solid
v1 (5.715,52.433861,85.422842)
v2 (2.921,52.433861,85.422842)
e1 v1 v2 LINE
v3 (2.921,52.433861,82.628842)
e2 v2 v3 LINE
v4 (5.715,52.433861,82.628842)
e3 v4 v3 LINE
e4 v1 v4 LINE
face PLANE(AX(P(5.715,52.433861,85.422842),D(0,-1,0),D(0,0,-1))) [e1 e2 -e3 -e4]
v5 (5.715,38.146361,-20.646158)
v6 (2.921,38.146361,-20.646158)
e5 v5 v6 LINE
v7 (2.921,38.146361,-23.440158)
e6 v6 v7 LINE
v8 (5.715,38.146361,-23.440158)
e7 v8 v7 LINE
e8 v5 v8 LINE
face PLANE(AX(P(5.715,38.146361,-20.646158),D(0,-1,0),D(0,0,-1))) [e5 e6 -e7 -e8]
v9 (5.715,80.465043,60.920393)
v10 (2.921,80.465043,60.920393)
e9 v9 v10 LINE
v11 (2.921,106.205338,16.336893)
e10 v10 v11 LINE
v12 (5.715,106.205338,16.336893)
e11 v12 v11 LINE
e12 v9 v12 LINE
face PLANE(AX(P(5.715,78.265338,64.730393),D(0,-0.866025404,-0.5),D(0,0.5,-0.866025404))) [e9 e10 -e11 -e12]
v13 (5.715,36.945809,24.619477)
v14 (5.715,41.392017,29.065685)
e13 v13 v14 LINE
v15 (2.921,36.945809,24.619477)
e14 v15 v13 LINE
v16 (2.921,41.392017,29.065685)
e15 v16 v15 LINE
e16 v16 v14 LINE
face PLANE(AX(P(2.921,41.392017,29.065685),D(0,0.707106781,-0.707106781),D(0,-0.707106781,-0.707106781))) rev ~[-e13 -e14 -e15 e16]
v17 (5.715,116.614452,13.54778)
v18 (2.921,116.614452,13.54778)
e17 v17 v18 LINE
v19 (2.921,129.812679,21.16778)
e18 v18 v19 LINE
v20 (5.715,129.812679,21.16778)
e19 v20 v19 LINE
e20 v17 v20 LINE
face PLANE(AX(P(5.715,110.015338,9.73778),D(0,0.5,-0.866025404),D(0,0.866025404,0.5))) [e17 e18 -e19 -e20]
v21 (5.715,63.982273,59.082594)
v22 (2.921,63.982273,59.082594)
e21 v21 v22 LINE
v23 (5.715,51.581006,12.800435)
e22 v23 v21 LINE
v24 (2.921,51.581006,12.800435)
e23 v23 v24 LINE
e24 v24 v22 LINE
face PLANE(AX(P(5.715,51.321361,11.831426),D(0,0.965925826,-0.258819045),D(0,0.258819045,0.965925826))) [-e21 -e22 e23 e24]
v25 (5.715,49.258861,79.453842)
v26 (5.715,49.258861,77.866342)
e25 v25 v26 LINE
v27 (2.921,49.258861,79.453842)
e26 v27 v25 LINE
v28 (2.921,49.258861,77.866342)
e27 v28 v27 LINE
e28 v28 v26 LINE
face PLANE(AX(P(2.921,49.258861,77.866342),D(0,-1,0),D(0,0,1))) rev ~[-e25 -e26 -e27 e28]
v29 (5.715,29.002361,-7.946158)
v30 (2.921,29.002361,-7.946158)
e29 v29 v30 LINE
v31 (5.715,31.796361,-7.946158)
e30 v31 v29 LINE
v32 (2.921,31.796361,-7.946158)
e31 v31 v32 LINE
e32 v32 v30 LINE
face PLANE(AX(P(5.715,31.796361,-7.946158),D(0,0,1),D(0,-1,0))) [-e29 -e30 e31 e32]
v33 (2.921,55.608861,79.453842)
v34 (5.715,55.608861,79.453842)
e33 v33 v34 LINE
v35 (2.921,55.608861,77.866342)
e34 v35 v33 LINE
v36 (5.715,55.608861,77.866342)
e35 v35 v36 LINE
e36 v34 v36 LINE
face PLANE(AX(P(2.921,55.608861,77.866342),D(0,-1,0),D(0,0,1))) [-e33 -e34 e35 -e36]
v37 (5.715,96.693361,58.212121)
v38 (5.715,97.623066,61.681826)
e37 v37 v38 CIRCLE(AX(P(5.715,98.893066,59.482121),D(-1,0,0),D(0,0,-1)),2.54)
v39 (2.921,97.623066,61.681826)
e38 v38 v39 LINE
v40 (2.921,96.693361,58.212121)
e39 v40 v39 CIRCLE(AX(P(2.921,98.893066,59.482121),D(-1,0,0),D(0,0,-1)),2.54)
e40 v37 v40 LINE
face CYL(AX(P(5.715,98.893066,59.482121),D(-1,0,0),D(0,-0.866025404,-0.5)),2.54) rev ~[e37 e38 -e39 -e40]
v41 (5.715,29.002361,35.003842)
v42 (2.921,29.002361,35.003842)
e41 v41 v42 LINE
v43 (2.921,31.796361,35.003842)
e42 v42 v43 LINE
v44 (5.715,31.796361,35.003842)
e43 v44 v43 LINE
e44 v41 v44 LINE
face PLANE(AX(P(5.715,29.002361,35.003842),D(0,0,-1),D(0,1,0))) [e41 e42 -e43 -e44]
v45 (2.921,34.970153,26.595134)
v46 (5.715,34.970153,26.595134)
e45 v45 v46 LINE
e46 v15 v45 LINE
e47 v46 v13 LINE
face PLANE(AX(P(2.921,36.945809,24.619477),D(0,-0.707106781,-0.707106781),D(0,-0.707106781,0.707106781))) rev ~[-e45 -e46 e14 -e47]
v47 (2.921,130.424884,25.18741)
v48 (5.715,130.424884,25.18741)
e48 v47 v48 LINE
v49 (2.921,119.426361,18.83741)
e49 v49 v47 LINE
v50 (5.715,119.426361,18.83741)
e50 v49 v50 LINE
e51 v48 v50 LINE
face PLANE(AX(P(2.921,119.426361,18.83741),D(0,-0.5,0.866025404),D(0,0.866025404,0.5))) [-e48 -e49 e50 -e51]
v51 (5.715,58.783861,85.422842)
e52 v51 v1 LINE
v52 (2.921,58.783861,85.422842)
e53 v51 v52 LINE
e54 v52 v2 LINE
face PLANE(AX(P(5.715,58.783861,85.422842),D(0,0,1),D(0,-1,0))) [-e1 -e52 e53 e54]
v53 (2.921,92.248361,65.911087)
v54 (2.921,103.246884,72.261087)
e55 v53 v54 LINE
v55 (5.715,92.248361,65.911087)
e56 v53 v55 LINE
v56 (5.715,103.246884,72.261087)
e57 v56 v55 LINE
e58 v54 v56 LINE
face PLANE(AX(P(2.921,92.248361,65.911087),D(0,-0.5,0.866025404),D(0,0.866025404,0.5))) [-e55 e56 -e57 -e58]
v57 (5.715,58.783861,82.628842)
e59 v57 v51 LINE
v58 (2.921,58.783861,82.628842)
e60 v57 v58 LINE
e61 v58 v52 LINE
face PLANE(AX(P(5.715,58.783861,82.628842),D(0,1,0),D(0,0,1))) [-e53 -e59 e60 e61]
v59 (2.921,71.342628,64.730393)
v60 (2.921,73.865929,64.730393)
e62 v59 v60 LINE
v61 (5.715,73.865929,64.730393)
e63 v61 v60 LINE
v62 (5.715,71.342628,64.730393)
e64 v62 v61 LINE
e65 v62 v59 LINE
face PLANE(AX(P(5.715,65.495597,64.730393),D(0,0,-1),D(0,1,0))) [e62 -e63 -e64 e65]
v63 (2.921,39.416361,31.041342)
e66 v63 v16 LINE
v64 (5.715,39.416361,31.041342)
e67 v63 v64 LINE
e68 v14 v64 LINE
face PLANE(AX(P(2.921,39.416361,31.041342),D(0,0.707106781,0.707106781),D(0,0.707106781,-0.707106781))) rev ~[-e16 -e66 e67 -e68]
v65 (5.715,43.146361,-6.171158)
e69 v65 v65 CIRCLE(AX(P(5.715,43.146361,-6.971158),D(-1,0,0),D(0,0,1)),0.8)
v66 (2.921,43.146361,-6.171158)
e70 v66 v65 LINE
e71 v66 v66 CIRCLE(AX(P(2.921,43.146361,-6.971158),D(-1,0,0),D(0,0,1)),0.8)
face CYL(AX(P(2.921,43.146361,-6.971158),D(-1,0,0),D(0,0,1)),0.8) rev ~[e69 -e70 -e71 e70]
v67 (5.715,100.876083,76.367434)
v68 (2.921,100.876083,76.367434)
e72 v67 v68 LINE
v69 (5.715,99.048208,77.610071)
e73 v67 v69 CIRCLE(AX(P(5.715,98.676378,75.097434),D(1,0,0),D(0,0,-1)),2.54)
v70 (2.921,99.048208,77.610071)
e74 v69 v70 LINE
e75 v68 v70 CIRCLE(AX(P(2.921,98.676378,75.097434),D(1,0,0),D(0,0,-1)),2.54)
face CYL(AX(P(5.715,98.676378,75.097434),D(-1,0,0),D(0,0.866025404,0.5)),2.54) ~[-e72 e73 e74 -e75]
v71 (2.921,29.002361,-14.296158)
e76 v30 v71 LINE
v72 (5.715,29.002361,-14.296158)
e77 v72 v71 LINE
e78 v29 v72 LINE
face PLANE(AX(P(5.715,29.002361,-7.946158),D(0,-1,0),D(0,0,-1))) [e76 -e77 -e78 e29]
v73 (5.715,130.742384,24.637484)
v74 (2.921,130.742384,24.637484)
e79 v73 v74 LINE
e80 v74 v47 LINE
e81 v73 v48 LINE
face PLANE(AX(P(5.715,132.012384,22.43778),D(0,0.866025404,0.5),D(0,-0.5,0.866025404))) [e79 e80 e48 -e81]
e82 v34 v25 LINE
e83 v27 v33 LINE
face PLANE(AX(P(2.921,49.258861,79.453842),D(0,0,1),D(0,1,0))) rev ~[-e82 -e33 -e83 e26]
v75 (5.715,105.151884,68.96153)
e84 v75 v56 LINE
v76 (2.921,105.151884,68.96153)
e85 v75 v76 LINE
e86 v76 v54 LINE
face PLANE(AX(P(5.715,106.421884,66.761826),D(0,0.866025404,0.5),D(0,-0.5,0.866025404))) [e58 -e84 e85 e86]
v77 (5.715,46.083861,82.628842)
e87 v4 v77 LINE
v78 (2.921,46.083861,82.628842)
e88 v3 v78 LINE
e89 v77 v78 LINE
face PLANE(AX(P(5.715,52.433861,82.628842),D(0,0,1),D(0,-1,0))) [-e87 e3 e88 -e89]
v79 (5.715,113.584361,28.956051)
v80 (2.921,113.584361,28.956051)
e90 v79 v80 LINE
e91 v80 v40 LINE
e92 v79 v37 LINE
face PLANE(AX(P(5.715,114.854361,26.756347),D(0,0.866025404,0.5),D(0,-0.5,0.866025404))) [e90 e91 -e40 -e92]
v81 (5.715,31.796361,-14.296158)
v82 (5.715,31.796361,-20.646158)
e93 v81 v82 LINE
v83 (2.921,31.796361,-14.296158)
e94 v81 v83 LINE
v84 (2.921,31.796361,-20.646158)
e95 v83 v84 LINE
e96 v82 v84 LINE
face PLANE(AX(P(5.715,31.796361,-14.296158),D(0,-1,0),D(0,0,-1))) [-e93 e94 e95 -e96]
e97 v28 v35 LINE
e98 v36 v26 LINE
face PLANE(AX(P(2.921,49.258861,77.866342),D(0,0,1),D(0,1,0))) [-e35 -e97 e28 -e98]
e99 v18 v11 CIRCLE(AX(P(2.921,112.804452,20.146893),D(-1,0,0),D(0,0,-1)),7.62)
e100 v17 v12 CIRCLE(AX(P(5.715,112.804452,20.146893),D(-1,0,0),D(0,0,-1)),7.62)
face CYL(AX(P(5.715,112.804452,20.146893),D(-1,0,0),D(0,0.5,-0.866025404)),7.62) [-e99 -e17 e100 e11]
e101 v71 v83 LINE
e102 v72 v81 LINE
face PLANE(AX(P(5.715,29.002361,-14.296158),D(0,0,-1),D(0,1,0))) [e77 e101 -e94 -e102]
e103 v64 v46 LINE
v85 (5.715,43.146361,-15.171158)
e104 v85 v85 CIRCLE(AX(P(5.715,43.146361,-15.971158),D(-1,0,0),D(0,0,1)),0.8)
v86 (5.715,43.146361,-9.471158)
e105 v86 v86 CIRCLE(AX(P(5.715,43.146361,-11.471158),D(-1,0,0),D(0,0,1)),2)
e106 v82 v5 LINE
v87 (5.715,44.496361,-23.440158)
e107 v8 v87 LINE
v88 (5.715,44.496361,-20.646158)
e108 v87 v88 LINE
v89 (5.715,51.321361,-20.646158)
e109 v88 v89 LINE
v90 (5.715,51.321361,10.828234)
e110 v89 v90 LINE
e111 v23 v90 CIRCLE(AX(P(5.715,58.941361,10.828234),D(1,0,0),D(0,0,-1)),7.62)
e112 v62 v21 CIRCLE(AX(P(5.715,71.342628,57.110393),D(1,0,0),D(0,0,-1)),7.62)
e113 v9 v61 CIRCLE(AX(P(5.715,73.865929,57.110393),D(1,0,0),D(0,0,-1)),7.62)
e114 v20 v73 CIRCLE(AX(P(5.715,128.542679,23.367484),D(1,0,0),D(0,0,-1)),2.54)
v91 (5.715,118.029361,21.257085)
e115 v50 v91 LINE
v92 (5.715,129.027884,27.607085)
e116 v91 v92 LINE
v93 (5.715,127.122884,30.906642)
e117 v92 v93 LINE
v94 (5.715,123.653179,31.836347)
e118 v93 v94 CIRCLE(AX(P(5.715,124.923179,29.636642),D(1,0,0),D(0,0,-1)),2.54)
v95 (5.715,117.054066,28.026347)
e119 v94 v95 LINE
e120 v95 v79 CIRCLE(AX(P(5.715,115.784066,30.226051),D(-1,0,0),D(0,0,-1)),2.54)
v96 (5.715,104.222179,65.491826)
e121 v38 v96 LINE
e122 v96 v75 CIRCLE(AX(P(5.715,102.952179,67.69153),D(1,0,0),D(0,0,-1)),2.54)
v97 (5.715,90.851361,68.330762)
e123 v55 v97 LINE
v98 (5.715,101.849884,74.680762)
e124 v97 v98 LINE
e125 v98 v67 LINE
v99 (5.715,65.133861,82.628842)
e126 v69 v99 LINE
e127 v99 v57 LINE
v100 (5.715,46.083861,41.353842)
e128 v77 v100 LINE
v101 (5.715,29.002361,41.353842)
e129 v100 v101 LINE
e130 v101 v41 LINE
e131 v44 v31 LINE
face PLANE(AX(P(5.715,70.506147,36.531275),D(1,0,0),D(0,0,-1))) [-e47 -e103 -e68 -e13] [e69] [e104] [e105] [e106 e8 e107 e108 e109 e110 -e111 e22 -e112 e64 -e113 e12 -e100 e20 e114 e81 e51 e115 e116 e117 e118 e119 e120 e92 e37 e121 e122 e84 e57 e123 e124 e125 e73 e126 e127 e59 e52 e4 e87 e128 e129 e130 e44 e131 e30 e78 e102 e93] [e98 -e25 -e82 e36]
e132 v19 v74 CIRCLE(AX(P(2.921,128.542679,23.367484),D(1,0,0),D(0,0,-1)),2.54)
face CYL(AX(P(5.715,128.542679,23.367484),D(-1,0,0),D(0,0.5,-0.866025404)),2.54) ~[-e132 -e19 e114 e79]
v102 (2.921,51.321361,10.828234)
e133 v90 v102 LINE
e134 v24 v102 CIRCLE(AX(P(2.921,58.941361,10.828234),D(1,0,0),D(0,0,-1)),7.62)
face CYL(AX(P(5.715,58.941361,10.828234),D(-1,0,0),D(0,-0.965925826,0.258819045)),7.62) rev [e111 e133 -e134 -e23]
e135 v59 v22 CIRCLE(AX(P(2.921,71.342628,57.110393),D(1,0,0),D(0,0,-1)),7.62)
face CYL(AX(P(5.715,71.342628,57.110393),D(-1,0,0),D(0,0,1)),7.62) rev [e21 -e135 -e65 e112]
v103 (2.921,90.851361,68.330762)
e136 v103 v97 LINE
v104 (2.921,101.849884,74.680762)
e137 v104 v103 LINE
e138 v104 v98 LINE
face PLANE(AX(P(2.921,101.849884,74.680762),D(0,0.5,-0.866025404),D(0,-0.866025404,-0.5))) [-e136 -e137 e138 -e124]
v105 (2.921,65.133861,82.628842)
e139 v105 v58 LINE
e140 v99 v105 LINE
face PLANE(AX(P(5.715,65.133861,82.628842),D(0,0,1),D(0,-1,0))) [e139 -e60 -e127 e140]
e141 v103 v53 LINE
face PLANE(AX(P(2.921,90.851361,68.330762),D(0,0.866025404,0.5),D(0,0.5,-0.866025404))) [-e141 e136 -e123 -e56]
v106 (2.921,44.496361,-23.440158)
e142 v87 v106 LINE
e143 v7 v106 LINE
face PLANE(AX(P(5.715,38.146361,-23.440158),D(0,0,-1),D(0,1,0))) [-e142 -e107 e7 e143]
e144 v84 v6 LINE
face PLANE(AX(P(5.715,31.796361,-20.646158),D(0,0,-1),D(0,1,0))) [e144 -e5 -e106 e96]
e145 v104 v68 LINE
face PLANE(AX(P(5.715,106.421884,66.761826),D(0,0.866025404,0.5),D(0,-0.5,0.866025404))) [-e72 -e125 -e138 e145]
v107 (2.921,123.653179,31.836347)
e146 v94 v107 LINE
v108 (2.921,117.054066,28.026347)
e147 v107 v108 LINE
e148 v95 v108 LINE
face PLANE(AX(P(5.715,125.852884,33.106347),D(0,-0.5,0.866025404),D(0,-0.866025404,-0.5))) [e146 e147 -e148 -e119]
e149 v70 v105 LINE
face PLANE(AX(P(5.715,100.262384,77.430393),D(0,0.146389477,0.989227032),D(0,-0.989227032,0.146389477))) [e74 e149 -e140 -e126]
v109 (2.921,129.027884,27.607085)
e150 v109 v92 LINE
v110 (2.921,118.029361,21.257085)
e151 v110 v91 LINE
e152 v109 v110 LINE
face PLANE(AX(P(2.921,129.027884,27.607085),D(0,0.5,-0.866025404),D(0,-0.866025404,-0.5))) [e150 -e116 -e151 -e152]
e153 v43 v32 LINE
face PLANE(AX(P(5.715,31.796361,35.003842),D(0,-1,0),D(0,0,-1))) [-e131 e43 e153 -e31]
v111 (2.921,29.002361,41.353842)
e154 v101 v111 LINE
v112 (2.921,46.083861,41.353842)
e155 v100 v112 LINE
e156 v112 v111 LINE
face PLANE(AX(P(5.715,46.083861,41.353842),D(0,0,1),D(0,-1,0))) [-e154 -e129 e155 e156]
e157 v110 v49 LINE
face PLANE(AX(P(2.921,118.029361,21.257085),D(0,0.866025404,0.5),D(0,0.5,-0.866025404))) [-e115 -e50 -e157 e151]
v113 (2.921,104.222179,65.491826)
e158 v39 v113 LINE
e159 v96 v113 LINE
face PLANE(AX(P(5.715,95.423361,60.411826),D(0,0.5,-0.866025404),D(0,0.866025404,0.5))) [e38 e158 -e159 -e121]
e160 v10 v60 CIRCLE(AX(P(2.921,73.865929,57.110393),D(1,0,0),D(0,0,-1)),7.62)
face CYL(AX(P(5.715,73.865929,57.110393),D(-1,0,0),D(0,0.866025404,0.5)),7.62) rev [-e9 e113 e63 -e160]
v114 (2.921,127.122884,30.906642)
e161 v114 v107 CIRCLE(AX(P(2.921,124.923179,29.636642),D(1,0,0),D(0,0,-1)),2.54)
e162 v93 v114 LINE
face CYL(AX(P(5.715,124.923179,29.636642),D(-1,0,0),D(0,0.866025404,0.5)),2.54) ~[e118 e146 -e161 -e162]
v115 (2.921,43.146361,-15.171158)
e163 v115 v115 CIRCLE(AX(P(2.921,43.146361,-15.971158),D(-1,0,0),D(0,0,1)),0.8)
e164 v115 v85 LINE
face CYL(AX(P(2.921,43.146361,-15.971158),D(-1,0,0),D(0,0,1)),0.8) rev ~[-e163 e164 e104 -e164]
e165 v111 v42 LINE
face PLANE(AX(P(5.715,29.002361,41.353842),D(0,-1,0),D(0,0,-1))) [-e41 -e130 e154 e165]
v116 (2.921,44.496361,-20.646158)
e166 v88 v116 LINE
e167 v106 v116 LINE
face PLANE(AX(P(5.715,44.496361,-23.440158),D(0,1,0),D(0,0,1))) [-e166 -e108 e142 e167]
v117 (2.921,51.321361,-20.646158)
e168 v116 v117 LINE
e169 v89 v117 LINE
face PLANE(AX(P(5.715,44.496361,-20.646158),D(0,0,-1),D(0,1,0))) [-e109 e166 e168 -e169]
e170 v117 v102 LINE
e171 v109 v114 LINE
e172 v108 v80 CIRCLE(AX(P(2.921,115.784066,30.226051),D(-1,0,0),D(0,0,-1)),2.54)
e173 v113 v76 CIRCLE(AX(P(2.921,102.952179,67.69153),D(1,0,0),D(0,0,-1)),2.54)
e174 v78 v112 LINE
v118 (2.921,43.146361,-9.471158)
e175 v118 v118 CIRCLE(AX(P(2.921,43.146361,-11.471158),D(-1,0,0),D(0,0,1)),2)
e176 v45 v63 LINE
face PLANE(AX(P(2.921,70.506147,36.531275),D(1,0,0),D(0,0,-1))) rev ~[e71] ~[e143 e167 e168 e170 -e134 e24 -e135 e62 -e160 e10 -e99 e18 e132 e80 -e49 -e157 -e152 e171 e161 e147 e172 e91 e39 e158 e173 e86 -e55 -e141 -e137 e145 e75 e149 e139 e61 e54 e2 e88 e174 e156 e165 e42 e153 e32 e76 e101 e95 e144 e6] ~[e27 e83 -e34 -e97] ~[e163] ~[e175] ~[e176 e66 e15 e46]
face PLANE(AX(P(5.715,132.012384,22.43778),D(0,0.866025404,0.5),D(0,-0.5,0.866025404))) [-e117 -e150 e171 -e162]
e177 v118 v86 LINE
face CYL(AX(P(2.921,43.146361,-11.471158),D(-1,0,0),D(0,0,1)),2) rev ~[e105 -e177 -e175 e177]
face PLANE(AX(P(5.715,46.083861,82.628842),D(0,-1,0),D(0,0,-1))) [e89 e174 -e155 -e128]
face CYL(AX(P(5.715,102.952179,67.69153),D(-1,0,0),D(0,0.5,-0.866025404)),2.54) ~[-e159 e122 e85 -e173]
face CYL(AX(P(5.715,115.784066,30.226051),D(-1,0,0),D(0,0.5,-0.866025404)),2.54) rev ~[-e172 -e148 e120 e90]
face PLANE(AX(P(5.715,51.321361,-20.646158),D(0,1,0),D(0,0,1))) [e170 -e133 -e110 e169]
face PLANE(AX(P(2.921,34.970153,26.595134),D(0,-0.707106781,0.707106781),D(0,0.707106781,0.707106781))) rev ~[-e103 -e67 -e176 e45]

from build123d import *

# Parameters (mm, degrees)
BOSS_EXTRUDE1_DEPTH = 2.794
SKETCH2_W           = 1.5875
SKETCH2_H           = 6.35
CUT_EXTRUDE1_DEPTH  = 158.264546986
FILLET2_R           = 2.54
FILLET3_R           = 7.62
SKETCH4_R           = 2
SKETCH4_R_2         = 0.8
CUT_EXTRUDE2_DEPTH  = 157.484941985
CUT_EXTRUDE3_DEPTH  = 157.484941985
CUT_EXTRUDE4_DEPTH  = 157.484941985


with BuildPart() as part:
    # Sketch1 → Boss-Extrude1 (new body)
    with BuildSketch(Plane.ZY.offset(-5.715)):
        Polygon((-20.646158347, 31.796360983), (-20.646158347, 38.146360983), (-23.440158347, 38.146360983), (-23.440158347, 44.496360983), (-20.646158347, 44.496360983), (-20.646158347, 51.321360983), (11.831425782, 51.321360983), (64.730392893, 65.495596501), (64.730392893, 78.265338355), (9.737779753, 110.015338355), (22.437779753, 132.012383611), (33.106346702, 125.852883611), (26.756346702, 114.854360983), (60.411825944, 95.423360983), (66.761825944, 106.421883611), (77.430392893, 100.262383611), (82.628841653, 65.133860983), (82.628841653, 58.783860983), (85.422841653, 58.783860983), (85.422841653, 52.433860983), (82.628841653, 52.433860983), (82.628841653, 46.083860983), (41.353841653, 46.083860983), (41.353841653, 29.002360983), (35.003841653, 29.002360983), (35.003841653, 31.796360983), (-7.946158347, 31.796360983), (-7.946158347, 29.002360983), (-14.296158347, 29.002360983), (-14.296158347, 31.796360983), align=None)
    extrude(amount=BOSS_EXTRUDE1_DEPTH)

    # Sketch2 → Cut-Extrude1 (cut, through all)
    with BuildSketch(Plane.ZY.offset(-2.921)):
        with Locations((78.660091653, 52.433860983)):
            Rectangle(SKETCH2_W, SKETCH2_H)
    extrude(amount=-CUT_EXTRUDE1_DEPTH, mode=Mode.SUBTRACT)

    # Fillet2
    fillet2_edges = [part.edges().sort_by_distance(p)[0] for p in [
        (4.318, 132.012383611, 22.437779753),
        (4.318, 125.852883611, 33.106346702),
        (4.318, 114.854360983, 26.756346702),
        (4.318, 95.423360983, 60.411825944),
        (4.318, 106.421883611, 66.761825944),
        (4.318, 100.262383611, 77.430392893),
    ]]
    fillet(fillet2_edges, radius=FILLET2_R)

    # Fillet3
    fillet3_edges = [part.edges().sort_by_distance(p)[0] for p in [
        (4.318, 51.321360983, 11.831425782),
        (4.318, 65.495596501, 64.730392893),
        (4.318, 78.265338355, 64.730392893),
        (4.318, 110.015338355, 9.737779753),
    ]]
    fillet(fillet3_edges, radius=FILLET3_R)

    # Sketch4 → Cut-Extrude2 (cut, through all)
    with BuildSketch(Plane.ZY.offset(-2.921)):
        with Locations((-11.471158347, 43.146360983)):
            Circle(SKETCH4_R)
        with Locations((-6.971158347, 43.146360983)):
            Circle(SKETCH4_R_2)
        with Locations((-15.971158347, 43.146360983)):
            Circle(SKETCH4_R_2)
    extrude(amount=-CUT_EXTRUDE2_DEPTH, mode=Mode.SUBTRACT)

    # Sketch5 → Cut-Extrude3 (cut, through all)
    with BuildSketch(Plane.ZY.offset(-2.921)):
        Polygon((29.065685306, 41.392017329), (24.619477371, 36.945809394), (26.595133717, 34.970153047), (31.041341653, 39.416360983), align=None)
    extrude(amount=-CUT_EXTRUDE3_DEPTH, mode=Mode.SUBTRACT)

    # Sketch7 → Cut-Extrude4 (cut, through all)
    with BuildSketch(Plane.ZY.offset(-2.921)):
        Polygon((27.607085388, 129.027883611), (21.257085388, 118.029360983), (18.83741041, 119.426360983), (25.18741041, 130.424883611), align=None)
        Polygon((74.680762236, 101.849883611), (68.330762236, 90.851360983), (65.911087258, 92.248360983), (72.261087258, 103.246883611), align=None)
    extrude(amount=-CUT_EXTRUDE4_DEPTH, mode=Mode.SUBTRACT)


solid = part.part
